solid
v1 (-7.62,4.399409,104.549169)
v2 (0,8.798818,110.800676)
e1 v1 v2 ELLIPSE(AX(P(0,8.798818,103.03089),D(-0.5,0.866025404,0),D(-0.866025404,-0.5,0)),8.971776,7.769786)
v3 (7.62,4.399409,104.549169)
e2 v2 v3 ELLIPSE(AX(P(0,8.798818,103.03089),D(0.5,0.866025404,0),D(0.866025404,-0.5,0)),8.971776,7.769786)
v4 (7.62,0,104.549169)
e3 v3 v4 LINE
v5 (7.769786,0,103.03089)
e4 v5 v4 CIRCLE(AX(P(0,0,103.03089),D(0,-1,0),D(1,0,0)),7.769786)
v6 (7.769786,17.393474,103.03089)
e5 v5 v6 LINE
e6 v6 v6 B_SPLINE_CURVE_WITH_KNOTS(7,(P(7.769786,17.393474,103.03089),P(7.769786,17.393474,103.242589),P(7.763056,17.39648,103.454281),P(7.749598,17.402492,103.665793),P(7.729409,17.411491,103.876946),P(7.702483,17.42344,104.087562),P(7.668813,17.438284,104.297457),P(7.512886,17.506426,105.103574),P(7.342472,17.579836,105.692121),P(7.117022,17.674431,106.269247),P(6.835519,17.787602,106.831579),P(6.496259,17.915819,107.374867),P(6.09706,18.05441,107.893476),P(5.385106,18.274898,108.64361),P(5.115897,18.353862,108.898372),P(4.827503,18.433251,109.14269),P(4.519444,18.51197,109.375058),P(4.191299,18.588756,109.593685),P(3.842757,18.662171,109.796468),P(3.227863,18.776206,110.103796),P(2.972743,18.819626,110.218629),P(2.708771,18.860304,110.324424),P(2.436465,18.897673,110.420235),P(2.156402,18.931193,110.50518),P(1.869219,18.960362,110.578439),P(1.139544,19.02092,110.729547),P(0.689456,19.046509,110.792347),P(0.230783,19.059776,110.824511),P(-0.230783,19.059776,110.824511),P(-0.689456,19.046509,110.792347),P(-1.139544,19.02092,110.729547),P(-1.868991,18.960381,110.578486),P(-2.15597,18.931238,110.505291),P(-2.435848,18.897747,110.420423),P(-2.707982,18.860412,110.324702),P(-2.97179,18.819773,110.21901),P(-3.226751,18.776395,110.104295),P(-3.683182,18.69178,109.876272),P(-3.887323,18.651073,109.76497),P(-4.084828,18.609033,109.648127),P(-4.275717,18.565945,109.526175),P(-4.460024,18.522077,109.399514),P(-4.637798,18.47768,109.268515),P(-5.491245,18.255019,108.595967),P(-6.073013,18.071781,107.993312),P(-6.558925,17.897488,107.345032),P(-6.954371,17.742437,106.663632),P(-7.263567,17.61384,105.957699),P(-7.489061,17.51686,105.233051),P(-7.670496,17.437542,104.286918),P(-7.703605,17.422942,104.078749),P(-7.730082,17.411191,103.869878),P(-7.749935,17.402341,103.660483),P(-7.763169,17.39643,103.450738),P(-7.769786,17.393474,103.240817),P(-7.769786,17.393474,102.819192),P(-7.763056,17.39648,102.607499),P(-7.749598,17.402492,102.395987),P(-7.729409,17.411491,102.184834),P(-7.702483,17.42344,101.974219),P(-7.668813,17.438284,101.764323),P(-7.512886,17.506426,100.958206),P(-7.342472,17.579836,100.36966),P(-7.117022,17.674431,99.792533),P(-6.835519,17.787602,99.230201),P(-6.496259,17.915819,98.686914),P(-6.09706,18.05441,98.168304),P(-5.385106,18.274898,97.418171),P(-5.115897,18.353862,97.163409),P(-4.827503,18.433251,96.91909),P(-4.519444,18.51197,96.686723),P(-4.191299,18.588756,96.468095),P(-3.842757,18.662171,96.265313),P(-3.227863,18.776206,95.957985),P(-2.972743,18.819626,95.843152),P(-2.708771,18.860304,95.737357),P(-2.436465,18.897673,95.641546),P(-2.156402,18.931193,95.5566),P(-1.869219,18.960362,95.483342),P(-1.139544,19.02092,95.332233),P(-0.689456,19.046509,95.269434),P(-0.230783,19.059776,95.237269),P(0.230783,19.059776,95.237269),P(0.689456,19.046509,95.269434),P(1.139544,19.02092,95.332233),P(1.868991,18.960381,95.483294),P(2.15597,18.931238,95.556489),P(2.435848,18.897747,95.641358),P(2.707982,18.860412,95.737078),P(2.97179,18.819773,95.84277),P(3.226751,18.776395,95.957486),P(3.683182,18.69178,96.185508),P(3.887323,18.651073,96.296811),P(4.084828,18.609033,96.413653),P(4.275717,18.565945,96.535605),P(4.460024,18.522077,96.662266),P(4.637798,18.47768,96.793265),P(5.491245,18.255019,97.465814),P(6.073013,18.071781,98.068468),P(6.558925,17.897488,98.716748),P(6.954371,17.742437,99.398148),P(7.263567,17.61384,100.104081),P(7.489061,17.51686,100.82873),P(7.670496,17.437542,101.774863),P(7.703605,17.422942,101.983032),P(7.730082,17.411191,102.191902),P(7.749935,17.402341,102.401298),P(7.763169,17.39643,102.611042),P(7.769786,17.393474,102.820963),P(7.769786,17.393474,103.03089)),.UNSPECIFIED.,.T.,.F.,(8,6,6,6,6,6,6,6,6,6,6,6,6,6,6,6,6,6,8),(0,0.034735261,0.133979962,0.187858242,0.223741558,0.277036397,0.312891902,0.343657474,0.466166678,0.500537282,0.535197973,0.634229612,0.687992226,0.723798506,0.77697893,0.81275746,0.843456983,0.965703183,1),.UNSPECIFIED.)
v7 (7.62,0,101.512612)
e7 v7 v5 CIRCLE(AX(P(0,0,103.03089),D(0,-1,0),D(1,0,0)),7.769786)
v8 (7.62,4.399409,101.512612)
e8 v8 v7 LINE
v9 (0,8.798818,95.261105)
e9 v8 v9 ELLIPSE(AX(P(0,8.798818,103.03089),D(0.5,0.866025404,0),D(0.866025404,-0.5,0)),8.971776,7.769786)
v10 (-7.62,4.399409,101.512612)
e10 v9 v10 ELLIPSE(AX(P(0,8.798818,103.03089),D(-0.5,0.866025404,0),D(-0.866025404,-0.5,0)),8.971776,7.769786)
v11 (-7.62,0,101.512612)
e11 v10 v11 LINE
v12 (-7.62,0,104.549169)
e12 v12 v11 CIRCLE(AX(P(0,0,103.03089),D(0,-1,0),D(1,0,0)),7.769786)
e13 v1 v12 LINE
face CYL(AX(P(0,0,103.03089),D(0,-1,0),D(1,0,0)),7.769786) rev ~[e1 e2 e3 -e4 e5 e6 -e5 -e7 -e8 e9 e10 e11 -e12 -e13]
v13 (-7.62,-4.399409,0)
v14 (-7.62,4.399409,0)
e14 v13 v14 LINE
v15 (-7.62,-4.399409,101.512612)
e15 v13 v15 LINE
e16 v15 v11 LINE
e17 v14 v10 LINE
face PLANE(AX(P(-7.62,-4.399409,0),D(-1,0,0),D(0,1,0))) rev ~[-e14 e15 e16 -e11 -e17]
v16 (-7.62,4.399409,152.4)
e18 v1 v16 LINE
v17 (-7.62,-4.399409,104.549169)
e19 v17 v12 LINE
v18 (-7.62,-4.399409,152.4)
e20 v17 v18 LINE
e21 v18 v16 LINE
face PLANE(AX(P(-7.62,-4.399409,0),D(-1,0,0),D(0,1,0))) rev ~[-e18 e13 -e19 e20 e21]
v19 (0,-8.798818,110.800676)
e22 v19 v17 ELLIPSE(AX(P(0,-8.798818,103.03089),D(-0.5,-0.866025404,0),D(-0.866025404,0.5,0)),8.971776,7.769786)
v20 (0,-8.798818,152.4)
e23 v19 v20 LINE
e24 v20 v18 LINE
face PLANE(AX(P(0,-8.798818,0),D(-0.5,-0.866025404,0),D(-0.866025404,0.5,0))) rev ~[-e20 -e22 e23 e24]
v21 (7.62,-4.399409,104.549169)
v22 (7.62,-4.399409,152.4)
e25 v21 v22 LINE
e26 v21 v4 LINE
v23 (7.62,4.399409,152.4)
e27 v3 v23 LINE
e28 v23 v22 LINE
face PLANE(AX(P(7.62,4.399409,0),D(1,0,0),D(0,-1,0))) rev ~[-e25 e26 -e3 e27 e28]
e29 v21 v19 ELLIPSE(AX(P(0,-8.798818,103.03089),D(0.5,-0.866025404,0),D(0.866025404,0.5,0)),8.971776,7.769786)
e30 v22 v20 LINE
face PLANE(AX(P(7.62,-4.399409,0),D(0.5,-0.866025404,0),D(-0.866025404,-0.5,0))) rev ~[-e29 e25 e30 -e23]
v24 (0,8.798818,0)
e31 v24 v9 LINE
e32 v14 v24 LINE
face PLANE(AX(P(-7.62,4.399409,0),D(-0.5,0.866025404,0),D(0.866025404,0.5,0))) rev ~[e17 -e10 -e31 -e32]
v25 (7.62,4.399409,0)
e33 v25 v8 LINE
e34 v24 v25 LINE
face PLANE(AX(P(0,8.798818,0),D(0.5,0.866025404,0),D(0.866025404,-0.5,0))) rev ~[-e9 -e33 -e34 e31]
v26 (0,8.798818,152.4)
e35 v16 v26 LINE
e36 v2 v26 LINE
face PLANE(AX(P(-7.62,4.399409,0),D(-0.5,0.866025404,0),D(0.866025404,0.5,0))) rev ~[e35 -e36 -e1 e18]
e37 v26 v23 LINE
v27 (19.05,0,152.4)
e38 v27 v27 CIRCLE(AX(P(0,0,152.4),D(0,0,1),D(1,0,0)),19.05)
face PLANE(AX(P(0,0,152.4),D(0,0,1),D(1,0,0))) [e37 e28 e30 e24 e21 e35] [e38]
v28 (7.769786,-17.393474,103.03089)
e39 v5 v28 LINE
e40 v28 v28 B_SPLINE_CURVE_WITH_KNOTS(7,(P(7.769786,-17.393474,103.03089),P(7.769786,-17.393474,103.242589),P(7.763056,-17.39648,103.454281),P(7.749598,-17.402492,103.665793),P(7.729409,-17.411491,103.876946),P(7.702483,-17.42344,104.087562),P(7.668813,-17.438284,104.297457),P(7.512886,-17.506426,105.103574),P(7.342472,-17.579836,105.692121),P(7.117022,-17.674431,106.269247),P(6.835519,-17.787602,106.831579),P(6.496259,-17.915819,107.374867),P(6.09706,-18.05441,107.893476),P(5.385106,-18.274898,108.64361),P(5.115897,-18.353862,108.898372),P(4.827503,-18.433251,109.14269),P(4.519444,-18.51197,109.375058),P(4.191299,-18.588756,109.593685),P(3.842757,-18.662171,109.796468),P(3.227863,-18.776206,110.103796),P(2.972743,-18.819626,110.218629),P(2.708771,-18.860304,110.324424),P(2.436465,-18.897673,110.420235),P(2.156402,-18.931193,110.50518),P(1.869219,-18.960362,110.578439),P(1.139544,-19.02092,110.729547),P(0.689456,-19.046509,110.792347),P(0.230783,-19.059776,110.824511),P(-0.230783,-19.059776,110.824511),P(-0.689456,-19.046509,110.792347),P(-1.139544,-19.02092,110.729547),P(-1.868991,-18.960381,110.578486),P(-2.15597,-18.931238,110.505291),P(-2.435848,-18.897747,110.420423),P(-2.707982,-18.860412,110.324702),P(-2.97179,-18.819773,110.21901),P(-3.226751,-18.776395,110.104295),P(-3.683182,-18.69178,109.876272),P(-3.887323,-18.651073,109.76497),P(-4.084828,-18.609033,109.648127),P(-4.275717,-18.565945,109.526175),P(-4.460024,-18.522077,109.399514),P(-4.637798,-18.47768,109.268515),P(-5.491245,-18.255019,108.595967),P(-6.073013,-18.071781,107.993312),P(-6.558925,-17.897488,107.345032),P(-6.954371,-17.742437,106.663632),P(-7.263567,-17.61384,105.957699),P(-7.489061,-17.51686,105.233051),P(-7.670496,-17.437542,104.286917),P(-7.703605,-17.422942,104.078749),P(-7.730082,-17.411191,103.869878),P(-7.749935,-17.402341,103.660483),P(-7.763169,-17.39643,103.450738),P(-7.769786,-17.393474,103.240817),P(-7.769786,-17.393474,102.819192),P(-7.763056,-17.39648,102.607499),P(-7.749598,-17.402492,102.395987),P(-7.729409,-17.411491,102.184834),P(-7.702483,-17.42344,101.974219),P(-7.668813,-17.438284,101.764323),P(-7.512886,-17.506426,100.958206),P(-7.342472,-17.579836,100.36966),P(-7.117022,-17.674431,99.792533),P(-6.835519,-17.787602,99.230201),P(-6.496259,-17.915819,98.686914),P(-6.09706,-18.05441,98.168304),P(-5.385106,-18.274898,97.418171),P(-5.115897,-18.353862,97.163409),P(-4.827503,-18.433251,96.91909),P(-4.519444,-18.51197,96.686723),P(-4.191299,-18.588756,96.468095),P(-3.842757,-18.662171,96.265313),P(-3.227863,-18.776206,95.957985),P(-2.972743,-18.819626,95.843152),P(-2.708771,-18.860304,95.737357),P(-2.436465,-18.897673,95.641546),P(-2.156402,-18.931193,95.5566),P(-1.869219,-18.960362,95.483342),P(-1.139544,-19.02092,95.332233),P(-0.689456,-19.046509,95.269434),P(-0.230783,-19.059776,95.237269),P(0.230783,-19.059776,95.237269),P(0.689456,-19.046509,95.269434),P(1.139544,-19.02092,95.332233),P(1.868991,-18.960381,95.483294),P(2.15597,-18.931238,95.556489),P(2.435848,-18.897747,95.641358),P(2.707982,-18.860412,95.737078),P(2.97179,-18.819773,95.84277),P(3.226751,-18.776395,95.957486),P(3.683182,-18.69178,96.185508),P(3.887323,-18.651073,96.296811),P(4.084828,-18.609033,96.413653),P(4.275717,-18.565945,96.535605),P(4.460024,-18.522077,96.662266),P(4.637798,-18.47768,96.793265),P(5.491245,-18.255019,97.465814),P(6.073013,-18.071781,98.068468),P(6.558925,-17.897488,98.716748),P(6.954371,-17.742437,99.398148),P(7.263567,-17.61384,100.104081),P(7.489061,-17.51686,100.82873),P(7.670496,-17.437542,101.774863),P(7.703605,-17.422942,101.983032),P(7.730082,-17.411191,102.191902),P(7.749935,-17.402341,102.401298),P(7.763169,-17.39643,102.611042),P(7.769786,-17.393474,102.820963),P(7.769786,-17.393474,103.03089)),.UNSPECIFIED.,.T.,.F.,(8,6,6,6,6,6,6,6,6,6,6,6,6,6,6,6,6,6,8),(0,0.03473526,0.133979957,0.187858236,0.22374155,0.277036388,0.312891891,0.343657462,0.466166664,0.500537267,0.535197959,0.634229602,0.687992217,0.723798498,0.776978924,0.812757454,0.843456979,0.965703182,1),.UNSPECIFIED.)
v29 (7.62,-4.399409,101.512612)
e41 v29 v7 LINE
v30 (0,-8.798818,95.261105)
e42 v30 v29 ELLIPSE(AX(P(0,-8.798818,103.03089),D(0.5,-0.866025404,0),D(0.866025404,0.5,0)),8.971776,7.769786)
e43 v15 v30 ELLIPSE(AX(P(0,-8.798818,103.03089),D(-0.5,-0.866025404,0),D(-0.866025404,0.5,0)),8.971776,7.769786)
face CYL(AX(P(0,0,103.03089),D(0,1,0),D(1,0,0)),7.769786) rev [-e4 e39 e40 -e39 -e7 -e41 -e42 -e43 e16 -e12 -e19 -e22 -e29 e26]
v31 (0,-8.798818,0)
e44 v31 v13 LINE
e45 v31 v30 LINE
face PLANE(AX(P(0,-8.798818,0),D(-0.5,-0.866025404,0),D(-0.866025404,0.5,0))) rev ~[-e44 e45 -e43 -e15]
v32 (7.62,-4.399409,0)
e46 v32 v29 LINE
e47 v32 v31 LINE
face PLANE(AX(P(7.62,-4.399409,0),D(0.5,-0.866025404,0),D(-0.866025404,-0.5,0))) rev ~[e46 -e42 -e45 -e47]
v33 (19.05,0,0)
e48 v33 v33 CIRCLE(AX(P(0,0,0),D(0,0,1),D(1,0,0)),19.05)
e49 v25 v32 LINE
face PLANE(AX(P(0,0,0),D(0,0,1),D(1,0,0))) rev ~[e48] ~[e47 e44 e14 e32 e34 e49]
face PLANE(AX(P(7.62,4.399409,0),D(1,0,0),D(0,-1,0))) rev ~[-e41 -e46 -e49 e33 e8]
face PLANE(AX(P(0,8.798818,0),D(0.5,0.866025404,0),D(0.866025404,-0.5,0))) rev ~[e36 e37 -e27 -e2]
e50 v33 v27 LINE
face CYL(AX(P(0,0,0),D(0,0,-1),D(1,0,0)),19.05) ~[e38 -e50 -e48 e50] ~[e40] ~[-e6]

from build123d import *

# Parameters (mm, degrees)
F0_R          = 19.05
F1_DEPTH      = 152.4
F2_R          = 7.7697856706
F3_DEPTH      = 19.051
F3_DEPTH_BACK = 19.051


with BuildPart() as f1:
    # F0 (on Top) → F1 (new body)
    with BuildSketch(Plane.XY):
        Circle(F0_R)
        Polygon((0, 8.7988181024), (7.62, 4.3994090512), (7.62, -4.3994090512), (0, -8.7988181024), (-7.62, -4.3994090512), (-7.62, 4.3994090512), align=None, mode=Mode.SUBTRACT)
    extrude(amount=F1_DEPTH)

    # F2 (on Front) → F3 (cut, two sides)
    with BuildSketch(Plane.XZ) as f3_sk:
        with Locations((0, 103.0308902264)):
            Circle(F2_R)
    extrude(amount=-F3_DEPTH, mode=Mode.SUBTRACT)
    extrude(f3_sk.sketch, amount=F3_DEPTH_BACK, mode=Mode.SUBTRACT)


solid = f1.part
